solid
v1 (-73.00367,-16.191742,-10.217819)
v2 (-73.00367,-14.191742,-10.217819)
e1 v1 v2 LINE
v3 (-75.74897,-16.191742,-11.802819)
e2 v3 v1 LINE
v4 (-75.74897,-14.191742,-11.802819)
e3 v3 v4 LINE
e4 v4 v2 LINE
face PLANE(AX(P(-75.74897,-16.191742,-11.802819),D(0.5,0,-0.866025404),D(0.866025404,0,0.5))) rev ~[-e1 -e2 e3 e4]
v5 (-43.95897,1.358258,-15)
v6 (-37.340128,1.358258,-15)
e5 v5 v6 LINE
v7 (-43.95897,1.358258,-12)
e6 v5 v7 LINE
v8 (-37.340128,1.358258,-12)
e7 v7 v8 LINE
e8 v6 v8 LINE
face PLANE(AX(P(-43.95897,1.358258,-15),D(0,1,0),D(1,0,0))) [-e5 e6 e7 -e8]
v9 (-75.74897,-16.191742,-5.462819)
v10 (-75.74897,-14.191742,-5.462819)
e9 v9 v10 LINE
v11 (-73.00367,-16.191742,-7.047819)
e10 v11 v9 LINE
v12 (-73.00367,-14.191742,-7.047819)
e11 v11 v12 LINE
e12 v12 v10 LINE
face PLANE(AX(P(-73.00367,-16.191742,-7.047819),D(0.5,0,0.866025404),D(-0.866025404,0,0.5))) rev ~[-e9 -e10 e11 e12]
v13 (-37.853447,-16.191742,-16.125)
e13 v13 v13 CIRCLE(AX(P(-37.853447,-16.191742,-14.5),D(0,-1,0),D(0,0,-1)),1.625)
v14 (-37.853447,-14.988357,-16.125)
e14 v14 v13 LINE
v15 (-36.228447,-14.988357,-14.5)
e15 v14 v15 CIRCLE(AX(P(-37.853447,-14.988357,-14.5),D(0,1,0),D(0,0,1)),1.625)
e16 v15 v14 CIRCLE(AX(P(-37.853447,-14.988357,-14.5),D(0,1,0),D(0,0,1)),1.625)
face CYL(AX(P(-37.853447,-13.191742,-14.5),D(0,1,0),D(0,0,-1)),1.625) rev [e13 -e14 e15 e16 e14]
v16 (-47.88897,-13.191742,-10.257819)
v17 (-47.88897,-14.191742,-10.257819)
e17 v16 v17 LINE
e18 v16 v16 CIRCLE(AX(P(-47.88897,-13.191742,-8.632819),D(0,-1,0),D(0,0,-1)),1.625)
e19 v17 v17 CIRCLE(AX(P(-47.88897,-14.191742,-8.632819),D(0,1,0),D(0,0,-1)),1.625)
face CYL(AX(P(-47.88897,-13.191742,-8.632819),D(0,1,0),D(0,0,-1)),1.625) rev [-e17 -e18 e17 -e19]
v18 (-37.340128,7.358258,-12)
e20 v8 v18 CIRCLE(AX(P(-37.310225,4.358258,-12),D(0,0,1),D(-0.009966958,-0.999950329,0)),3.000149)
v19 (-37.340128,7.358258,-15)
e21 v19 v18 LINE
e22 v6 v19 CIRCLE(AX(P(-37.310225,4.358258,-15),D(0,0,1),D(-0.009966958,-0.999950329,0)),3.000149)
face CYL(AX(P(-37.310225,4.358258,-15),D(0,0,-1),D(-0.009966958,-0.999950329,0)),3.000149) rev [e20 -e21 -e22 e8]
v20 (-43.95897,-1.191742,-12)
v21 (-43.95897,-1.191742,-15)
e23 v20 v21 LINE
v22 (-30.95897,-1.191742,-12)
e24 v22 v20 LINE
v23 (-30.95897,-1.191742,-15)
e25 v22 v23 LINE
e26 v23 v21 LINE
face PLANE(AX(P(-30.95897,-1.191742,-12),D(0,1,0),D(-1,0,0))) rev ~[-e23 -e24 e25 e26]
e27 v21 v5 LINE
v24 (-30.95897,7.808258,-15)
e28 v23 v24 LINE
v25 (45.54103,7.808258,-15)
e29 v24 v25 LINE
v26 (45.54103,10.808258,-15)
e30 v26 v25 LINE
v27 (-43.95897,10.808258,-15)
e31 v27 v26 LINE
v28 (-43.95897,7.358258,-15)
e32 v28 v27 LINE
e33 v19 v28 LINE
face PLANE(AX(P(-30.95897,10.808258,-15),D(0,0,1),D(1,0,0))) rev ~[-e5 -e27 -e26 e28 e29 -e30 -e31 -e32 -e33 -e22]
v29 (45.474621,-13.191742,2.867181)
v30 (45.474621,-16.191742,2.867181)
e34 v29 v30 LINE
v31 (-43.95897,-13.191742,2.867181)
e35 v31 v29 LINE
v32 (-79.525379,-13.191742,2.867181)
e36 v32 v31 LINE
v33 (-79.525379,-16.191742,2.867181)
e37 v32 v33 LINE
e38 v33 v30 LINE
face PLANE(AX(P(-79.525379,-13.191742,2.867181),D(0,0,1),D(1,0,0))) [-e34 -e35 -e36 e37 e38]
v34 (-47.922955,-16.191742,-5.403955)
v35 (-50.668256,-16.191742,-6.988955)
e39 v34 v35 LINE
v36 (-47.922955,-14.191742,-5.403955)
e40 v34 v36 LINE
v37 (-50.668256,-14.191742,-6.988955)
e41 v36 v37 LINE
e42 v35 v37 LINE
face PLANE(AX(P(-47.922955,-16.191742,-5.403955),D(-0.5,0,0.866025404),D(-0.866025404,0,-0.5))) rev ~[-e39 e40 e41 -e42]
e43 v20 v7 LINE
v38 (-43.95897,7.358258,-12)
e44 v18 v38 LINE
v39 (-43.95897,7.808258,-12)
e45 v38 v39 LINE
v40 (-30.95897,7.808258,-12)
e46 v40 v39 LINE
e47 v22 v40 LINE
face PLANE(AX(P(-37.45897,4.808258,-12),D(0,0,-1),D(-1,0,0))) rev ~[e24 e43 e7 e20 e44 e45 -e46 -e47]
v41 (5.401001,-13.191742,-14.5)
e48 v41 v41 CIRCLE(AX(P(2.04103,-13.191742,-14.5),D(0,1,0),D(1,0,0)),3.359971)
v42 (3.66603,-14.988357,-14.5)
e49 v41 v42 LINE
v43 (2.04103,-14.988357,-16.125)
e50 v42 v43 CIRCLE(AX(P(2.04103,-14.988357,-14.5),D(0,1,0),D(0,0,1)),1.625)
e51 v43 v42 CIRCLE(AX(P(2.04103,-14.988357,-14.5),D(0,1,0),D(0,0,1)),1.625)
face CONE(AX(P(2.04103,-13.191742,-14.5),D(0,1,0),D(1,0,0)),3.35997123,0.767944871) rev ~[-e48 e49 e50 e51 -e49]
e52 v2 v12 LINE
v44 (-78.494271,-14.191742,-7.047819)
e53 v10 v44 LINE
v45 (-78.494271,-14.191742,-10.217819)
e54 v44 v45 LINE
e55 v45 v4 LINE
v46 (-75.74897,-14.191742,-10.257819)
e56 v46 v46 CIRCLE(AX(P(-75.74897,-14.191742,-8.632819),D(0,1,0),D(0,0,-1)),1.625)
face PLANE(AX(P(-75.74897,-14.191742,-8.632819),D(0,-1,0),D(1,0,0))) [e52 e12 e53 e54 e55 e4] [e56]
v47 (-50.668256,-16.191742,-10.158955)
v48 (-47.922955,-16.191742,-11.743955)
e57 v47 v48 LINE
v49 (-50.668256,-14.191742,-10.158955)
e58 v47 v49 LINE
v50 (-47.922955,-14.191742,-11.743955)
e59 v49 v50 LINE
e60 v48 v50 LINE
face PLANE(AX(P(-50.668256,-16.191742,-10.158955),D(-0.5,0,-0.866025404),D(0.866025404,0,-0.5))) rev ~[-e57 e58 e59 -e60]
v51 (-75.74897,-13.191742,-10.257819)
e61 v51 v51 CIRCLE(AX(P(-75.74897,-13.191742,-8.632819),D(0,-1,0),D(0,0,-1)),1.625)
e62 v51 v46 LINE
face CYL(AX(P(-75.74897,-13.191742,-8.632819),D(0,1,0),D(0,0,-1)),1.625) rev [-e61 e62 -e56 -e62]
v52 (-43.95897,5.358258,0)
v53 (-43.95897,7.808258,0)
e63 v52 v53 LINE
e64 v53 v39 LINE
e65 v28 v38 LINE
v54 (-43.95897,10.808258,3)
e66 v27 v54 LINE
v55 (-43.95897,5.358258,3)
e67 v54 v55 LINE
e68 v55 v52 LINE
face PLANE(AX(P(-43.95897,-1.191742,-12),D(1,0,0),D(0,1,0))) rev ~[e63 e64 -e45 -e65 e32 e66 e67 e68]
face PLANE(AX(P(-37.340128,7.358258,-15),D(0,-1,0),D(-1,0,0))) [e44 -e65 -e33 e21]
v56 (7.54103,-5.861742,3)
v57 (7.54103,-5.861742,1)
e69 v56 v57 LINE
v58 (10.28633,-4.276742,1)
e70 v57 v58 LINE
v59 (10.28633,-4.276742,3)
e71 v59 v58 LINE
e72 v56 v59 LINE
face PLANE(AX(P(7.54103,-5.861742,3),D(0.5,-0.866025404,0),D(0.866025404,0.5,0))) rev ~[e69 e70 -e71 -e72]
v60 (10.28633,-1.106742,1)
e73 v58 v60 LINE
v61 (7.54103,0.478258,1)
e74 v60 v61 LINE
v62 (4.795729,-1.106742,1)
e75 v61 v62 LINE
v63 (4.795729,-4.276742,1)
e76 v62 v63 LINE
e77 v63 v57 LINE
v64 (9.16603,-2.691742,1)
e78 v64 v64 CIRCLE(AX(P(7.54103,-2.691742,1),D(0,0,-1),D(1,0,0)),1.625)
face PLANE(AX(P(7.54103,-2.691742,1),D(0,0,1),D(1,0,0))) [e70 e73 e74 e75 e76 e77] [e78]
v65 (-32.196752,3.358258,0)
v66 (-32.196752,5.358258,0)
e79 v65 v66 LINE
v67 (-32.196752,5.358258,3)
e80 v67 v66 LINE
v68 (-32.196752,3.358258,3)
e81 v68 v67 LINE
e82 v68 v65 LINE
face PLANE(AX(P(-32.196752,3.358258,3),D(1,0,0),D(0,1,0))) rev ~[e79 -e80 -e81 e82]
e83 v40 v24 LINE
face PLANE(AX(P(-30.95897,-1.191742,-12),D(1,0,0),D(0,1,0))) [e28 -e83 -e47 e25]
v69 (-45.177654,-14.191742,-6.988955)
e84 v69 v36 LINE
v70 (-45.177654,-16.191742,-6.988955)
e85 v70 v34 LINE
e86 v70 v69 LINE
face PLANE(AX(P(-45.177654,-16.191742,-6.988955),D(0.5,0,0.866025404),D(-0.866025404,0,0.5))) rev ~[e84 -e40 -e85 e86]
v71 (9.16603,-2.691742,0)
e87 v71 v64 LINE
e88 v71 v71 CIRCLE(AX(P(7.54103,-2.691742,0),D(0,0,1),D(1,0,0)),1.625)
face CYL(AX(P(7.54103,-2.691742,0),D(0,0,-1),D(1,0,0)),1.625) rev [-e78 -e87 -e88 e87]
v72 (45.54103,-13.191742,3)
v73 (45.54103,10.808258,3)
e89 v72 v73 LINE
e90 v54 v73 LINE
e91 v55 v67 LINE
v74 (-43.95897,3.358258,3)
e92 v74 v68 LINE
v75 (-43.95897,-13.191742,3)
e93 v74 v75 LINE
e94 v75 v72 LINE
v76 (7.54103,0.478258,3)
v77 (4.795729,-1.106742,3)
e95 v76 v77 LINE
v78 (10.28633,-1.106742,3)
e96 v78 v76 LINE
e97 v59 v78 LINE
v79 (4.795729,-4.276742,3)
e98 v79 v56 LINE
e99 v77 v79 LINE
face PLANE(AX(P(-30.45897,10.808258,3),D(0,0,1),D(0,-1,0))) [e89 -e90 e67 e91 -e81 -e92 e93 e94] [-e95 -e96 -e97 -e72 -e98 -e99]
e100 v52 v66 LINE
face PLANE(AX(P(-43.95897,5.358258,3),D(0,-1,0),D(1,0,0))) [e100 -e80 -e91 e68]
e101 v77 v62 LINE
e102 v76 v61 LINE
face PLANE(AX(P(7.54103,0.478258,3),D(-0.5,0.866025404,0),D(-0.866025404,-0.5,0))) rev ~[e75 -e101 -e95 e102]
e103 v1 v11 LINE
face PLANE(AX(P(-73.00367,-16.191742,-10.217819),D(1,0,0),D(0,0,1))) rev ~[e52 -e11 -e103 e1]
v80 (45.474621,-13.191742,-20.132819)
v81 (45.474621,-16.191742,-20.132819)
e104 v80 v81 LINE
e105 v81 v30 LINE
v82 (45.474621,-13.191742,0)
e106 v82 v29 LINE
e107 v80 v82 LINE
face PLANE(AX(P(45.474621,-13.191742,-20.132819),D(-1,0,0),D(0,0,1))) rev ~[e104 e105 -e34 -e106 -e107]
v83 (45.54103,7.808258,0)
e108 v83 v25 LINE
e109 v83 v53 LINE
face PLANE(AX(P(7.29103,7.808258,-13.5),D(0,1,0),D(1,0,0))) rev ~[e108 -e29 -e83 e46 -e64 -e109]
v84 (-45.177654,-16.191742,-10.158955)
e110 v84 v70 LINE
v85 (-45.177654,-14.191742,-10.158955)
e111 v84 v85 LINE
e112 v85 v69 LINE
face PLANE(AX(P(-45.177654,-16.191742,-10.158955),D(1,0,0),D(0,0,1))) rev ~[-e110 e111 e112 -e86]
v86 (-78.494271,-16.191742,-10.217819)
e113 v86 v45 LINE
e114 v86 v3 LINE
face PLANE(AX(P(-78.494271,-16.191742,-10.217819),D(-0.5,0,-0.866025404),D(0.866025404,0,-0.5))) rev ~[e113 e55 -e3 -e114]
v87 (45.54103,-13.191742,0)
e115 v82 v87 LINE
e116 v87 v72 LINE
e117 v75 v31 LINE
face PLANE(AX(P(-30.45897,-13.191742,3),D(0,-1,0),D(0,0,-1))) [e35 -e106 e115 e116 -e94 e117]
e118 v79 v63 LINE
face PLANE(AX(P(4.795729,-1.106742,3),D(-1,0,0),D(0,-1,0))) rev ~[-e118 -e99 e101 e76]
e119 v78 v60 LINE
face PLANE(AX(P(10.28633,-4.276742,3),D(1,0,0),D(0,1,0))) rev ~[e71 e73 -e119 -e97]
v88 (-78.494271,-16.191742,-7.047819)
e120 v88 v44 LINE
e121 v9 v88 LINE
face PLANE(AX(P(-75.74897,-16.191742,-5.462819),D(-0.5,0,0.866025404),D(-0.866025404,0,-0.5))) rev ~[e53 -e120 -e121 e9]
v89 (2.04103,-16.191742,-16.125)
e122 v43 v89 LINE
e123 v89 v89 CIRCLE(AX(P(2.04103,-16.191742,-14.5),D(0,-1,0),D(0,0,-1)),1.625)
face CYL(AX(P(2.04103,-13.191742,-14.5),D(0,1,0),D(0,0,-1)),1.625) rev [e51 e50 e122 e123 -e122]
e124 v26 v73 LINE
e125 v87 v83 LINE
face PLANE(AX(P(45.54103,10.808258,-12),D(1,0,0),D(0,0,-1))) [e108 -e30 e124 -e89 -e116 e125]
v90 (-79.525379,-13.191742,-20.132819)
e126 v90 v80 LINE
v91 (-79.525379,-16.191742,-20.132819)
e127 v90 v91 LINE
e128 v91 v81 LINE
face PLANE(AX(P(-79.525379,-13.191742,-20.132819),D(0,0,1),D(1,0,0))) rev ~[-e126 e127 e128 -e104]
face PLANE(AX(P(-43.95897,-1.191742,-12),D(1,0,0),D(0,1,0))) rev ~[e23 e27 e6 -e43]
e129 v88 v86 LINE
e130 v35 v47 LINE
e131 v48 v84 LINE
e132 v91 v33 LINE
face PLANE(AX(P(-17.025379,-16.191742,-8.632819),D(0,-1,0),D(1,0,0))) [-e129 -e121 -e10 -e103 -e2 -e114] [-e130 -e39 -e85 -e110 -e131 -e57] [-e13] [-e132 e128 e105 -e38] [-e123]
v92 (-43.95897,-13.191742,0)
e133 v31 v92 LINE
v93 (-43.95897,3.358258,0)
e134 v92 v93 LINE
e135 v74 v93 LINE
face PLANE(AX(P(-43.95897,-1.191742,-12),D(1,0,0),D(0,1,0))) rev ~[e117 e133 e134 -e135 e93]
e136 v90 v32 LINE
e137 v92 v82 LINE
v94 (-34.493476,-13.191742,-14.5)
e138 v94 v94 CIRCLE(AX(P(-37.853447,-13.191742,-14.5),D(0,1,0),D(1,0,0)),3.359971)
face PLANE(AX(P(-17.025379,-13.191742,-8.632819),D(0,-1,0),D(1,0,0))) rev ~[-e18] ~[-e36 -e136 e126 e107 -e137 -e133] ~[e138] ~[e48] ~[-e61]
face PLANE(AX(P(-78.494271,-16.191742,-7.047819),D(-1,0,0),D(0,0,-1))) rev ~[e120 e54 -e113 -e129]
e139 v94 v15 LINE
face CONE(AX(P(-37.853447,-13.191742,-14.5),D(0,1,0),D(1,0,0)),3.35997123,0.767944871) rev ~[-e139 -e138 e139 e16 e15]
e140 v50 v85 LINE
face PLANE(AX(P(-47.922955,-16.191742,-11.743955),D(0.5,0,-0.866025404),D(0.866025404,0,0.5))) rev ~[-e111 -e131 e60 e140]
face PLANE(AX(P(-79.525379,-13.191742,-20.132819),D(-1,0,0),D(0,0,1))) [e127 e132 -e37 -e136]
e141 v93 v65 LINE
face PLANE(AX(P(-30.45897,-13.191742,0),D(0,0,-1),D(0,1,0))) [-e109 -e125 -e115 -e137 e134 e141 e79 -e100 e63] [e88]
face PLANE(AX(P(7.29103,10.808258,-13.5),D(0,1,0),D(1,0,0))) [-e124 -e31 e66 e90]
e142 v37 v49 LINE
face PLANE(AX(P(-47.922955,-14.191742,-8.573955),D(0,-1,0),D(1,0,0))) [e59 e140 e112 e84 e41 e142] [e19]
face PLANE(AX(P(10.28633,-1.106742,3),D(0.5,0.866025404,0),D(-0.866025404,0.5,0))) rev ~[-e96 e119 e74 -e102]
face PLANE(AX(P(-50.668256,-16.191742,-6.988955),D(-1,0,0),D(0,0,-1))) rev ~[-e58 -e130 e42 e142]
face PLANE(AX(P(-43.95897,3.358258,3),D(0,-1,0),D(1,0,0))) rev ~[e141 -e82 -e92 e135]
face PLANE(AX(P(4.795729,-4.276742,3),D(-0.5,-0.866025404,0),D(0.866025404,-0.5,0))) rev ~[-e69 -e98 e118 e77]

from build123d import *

# Parameters (mm, degrees)
CROQUIS1_R                      = 1.625
SALIENTE_EXTRUIR1_DEPTH         = 3
CORTAR_EXTRUIR1_DEPTH           = 2
CROQUIS3_W                      = 125
CROQUIS3_H                      = 23
CROQUIS3_R                      = 1.625
SALIENTE_EXTRUIR2_DEPTH         = 3
CROQUIS4_W                      = 76
CROQUIS4_H                      = 15
SALIENTE_EXTRUIR3_DEPTH         = 3
SALIENTE_EXTRUIR5_DEPTH         = 13.5
CROQUIS18_W                     = 13
CROQUIS18_H                     = 12
SALIENTE_EXTRUIR6_DEPTH         = 3
CORTAR_EXTRUIR6_DEPTH           = 3
CROQUIS21_W                     = 76.5
CROQUIS21_H                     = 3
SALIENTE_EXTRUIR7_DEPTH         = 3
CROQUIS23_W                     = 11.762217651
CROQUIS23_H                     = 2
CORTAR_EXTRUIR7_DEPTH           = 3
CROQUIS24_R                     = 3.35997123
CORTAR_EXTRUIR8_DEPTH           = 1.8
CORTAR_EXTRUIR8_DRAFT           = -44
CORTAR_EXTRUIR8_PROFILE_2_DEPTH = 1.8
CORTAR_EXTRUIR8_PROFILE_2_DRAFT = -44
CORTAR_EXTRUIR9_DEPTH           = 2


with BuildPart() as part:
    # Croquis1 → Saliente-Extruir1 (new body)
    with BuildSketch(Plane.XY):
        Polygon((7.541029965, -13.191741873), (45.541029965, -13.191741873), (45.541029965, 7.808258127), (-30.458970035, 7.808258127), (-30.458970035, -13.191741873), align=None)
        with Locations((7.541029965, -2.691741873)):
            Circle(CROQUIS1_R, mode=Mode.SUBTRACT)
    extrude(amount=SALIENTE_EXTRUIR1_DEPTH)

    # Croquis2 → Cortar-Extruir1 (cut)
    with BuildSketch(Plane.XY.offset(3)):
        Polygon((7.541029965, 0.478258127), (4.795729435, -1.106741873), (4.795729435, -4.276741873), (7.541029965, -5.861741873), (10.286330495, -4.276741873), (10.286330495, -1.106741873), align=None)
    extrude(amount=-CORTAR_EXTRUIR1_DEPTH, mode=Mode.SUBTRACT)

    # Croquis3 → Saliente-Extruir2 (add)
    with BuildSketch(Plane.XZ.offset(13.191741873)):
        with Locations((-17.025379291, -8.632818511)):
            Rectangle(CROQUIS3_W, CROQUIS3_H)
        with Locations(Location((2.041029965, -14.5, 0), (0, 0, 270))):
            Circle(CROQUIS3_R, mode=Mode.SUBTRACT)
        with Locations(Location((-37.853447155, -14.5, 0), (0, 0, 270))):
            Circle(CROQUIS3_R, mode=Mode.SUBTRACT)
        with Locations(Location((-75.748970035, -8.632818511, 0), (0, 0, 270))):
            Circle(CROQUIS3_R, mode=Mode.SUBTRACT)
        with Locations(Location((-47.888970035, -8.632818511, 0), (0, 0, 270))):
            Circle(CROQUIS3_R, mode=Mode.SUBTRACT)
    extrude(amount=SALIENTE_EXTRUIR2_DEPTH)

    # Croquis4 → Saliente-Extruir3 (add)
    with BuildSketch(Plane(origin=(0, 7.808258127, 0), x_dir=(1, 0, 0), z_dir=(0, 1, 0))):
        with Locations((7.541029965, 4.5)):
            Rectangle(CROQUIS4_W, CROQUIS4_H)
    extrude(amount=SALIENTE_EXTRUIR3_DEPTH)

    # Croquis14 → Saliente-Extruir5 (add)
    with BuildSketch(Plane.ZY.offset(30.458970035)):
        Polygon((-12, 10.808258127), (3, 10.808258127), (3, -13.191741873), (0, -13.191741873), (0, 7.808258127), (-12, 7.808258127), align=None)
    extrude(amount=SALIENTE_EXTRUIR5_DEPTH)

    # Croquis18 → Saliente-Extruir6 (add)
    with BuildSketch(Plane(origin=(0, 0, -12), x_dir=(-1, 0, 0), z_dir=(0, 0, -1))):
        with Locations((37.458970035, 4.808258127)):
            Rectangle(CROQUIS18_W, CROQUIS18_H)
    extrude(amount=SALIENTE_EXTRUIR6_DEPTH)

    # Croquis19 → Cortar-Extruir6 (cut)
    with BuildSketch(Plane(origin=(0, 0, -15), x_dir=(-1, 0, 0), z_dir=(0, 0, -1))):
        with BuildLine():
            Line((37.340127553, 7.35825754), (43.958970035, 7.35825754))
            Line((43.958970035, 7.35825754), (43.958970035, 1.358257834))
            Line((43.958970035, 1.358257834), (37.340127553, 1.358257834))
            ThreePointArc((37.340127553, 1.358257834), (34.310076321, 4.358257687), (37.340127553, 7.35825754))
        make_face()
    extrude(amount=-CORTAR_EXTRUIR6_DEPTH, mode=Mode.SUBTRACT)

    # Croquis21 → Saliente-Extruir7 (add)
    with BuildSketch(Plane(origin=(0, 10.808258127, 0), x_dir=(1, 0, 0), z_dir=(0, 1, 0))):
        with Locations((7.291029965, 13.5)):
            Rectangle(CROQUIS21_W, CROQUIS21_H)
    extrude(amount=-SALIENTE_EXTRUIR7_DEPTH)

    # Croquis23 → Cortar-Extruir7 (cut)
    with BuildSketch(Plane.XY.offset(3)):
        with Locations((-38.077861209, 4.358257834)):
            Rectangle(CROQUIS23_W, CROQUIS23_H)
    extrude(amount=-CORTAR_EXTRUIR7_DEPTH, mode=Mode.SUBTRACT)


with BuildPart() as cortar_extruir8_tool:
    # Croquis24 → Cortar-Extruir8 (with draft: the straight prism first)
    with BuildSketch(Plane(origin=(0, -13.191741873, 0), x_dir=(1, 0, 0), z_dir=(0, 1, 0))):
        with Locations((2.041029965, 14.5)):
            Circle(CROQUIS24_R)
    extrude(amount=-CORTAR_EXTRUIR8_DEPTH)
    # Cortar-Extruir8: the draft: its side faces are tilted about the plane it starts from
    cortar_extruir8_sides = [cortar_extruir8_tool.faces().sort_by_distance(p)[0] for p in [
        (-1.318941265, -14.091741873, -14.5),
    ]]
    draft(cortar_extruir8_sides, Plane(origin=(0, -13.191741873, 0), x_dir=(1, 0, 0), z_dir=(0, 1, 0)), CORTAR_EXTRUIR8_DRAFT)


with BuildPart() as part_1:
    add(part.part)

    # Cortar-Extruir8: cut by cortar_extruir8_tool
    add(cortar_extruir8_tool.part, mode=Mode.SUBTRACT)


with BuildPart() as cortar_extruir8_profile_2_tool:
    # Croquis24 → Cortar-Extruir8 profile 2 (with draft: the straight prism first)
    with BuildSketch(Plane(origin=(0, -13.191741873, 0), x_dir=(1, 0, 0), z_dir=(0, 1, 0))):
        with Locations((-37.853447155, 14.5)):
            Circle(CROQUIS24_R)
    extrude(amount=-CORTAR_EXTRUIR8_PROFILE_2_DEPTH)
    # Cortar-Extruir8 profile 2: the draft: its side faces are tilted about the plane it starts from
    cortar_extruir8_profile_2_sides = [cortar_extruir8_profile_2_tool.faces().sort_by_distance(p)[0] for p in [
        (-41.213418385, -14.091741873, -14.5),
    ]]
    draft(cortar_extruir8_profile_2_sides, Plane(origin=(0, -13.191741873, 0), x_dir=(1, 0, 0), z_dir=(0, 1, 0)), CORTAR_EXTRUIR8_PROFILE_2_DRAFT)


with BuildPart() as part_2:
    add(part_1.part)

    # Cortar-Extruir8 profile 2: cut by cortar_extruir8_profile_2_tool
    add(cortar_extruir8_profile_2_tool.part, mode=Mode.SUBTRACT)

    # Croquis25 → Cortar-Extruir9 (cut)
    with BuildSketch(Plane.XZ.offset(16.191741873)):
        Polygon((-47.922954999, -5.403954828), (-50.668255529, -6.988954828), (-50.668255529, -10.158954828), (-47.922954999, -11.743954828), (-45.177654469, -10.158954828), (-45.177654469, -6.988954828), align=None)
        Polygon((-75.748970035, -5.462818511), (-78.494270565, -7.047818511), (-78.494270565, -10.217818511), (-75.748970035, -11.802818511), (-73.003669505, -10.217818511), (-73.003669505, -7.047818511), align=None)
    extrude(amount=-CORTAR_EXTRUIR9_DEPTH, mode=Mode.SUBTRACT)


solid = part_2.part
